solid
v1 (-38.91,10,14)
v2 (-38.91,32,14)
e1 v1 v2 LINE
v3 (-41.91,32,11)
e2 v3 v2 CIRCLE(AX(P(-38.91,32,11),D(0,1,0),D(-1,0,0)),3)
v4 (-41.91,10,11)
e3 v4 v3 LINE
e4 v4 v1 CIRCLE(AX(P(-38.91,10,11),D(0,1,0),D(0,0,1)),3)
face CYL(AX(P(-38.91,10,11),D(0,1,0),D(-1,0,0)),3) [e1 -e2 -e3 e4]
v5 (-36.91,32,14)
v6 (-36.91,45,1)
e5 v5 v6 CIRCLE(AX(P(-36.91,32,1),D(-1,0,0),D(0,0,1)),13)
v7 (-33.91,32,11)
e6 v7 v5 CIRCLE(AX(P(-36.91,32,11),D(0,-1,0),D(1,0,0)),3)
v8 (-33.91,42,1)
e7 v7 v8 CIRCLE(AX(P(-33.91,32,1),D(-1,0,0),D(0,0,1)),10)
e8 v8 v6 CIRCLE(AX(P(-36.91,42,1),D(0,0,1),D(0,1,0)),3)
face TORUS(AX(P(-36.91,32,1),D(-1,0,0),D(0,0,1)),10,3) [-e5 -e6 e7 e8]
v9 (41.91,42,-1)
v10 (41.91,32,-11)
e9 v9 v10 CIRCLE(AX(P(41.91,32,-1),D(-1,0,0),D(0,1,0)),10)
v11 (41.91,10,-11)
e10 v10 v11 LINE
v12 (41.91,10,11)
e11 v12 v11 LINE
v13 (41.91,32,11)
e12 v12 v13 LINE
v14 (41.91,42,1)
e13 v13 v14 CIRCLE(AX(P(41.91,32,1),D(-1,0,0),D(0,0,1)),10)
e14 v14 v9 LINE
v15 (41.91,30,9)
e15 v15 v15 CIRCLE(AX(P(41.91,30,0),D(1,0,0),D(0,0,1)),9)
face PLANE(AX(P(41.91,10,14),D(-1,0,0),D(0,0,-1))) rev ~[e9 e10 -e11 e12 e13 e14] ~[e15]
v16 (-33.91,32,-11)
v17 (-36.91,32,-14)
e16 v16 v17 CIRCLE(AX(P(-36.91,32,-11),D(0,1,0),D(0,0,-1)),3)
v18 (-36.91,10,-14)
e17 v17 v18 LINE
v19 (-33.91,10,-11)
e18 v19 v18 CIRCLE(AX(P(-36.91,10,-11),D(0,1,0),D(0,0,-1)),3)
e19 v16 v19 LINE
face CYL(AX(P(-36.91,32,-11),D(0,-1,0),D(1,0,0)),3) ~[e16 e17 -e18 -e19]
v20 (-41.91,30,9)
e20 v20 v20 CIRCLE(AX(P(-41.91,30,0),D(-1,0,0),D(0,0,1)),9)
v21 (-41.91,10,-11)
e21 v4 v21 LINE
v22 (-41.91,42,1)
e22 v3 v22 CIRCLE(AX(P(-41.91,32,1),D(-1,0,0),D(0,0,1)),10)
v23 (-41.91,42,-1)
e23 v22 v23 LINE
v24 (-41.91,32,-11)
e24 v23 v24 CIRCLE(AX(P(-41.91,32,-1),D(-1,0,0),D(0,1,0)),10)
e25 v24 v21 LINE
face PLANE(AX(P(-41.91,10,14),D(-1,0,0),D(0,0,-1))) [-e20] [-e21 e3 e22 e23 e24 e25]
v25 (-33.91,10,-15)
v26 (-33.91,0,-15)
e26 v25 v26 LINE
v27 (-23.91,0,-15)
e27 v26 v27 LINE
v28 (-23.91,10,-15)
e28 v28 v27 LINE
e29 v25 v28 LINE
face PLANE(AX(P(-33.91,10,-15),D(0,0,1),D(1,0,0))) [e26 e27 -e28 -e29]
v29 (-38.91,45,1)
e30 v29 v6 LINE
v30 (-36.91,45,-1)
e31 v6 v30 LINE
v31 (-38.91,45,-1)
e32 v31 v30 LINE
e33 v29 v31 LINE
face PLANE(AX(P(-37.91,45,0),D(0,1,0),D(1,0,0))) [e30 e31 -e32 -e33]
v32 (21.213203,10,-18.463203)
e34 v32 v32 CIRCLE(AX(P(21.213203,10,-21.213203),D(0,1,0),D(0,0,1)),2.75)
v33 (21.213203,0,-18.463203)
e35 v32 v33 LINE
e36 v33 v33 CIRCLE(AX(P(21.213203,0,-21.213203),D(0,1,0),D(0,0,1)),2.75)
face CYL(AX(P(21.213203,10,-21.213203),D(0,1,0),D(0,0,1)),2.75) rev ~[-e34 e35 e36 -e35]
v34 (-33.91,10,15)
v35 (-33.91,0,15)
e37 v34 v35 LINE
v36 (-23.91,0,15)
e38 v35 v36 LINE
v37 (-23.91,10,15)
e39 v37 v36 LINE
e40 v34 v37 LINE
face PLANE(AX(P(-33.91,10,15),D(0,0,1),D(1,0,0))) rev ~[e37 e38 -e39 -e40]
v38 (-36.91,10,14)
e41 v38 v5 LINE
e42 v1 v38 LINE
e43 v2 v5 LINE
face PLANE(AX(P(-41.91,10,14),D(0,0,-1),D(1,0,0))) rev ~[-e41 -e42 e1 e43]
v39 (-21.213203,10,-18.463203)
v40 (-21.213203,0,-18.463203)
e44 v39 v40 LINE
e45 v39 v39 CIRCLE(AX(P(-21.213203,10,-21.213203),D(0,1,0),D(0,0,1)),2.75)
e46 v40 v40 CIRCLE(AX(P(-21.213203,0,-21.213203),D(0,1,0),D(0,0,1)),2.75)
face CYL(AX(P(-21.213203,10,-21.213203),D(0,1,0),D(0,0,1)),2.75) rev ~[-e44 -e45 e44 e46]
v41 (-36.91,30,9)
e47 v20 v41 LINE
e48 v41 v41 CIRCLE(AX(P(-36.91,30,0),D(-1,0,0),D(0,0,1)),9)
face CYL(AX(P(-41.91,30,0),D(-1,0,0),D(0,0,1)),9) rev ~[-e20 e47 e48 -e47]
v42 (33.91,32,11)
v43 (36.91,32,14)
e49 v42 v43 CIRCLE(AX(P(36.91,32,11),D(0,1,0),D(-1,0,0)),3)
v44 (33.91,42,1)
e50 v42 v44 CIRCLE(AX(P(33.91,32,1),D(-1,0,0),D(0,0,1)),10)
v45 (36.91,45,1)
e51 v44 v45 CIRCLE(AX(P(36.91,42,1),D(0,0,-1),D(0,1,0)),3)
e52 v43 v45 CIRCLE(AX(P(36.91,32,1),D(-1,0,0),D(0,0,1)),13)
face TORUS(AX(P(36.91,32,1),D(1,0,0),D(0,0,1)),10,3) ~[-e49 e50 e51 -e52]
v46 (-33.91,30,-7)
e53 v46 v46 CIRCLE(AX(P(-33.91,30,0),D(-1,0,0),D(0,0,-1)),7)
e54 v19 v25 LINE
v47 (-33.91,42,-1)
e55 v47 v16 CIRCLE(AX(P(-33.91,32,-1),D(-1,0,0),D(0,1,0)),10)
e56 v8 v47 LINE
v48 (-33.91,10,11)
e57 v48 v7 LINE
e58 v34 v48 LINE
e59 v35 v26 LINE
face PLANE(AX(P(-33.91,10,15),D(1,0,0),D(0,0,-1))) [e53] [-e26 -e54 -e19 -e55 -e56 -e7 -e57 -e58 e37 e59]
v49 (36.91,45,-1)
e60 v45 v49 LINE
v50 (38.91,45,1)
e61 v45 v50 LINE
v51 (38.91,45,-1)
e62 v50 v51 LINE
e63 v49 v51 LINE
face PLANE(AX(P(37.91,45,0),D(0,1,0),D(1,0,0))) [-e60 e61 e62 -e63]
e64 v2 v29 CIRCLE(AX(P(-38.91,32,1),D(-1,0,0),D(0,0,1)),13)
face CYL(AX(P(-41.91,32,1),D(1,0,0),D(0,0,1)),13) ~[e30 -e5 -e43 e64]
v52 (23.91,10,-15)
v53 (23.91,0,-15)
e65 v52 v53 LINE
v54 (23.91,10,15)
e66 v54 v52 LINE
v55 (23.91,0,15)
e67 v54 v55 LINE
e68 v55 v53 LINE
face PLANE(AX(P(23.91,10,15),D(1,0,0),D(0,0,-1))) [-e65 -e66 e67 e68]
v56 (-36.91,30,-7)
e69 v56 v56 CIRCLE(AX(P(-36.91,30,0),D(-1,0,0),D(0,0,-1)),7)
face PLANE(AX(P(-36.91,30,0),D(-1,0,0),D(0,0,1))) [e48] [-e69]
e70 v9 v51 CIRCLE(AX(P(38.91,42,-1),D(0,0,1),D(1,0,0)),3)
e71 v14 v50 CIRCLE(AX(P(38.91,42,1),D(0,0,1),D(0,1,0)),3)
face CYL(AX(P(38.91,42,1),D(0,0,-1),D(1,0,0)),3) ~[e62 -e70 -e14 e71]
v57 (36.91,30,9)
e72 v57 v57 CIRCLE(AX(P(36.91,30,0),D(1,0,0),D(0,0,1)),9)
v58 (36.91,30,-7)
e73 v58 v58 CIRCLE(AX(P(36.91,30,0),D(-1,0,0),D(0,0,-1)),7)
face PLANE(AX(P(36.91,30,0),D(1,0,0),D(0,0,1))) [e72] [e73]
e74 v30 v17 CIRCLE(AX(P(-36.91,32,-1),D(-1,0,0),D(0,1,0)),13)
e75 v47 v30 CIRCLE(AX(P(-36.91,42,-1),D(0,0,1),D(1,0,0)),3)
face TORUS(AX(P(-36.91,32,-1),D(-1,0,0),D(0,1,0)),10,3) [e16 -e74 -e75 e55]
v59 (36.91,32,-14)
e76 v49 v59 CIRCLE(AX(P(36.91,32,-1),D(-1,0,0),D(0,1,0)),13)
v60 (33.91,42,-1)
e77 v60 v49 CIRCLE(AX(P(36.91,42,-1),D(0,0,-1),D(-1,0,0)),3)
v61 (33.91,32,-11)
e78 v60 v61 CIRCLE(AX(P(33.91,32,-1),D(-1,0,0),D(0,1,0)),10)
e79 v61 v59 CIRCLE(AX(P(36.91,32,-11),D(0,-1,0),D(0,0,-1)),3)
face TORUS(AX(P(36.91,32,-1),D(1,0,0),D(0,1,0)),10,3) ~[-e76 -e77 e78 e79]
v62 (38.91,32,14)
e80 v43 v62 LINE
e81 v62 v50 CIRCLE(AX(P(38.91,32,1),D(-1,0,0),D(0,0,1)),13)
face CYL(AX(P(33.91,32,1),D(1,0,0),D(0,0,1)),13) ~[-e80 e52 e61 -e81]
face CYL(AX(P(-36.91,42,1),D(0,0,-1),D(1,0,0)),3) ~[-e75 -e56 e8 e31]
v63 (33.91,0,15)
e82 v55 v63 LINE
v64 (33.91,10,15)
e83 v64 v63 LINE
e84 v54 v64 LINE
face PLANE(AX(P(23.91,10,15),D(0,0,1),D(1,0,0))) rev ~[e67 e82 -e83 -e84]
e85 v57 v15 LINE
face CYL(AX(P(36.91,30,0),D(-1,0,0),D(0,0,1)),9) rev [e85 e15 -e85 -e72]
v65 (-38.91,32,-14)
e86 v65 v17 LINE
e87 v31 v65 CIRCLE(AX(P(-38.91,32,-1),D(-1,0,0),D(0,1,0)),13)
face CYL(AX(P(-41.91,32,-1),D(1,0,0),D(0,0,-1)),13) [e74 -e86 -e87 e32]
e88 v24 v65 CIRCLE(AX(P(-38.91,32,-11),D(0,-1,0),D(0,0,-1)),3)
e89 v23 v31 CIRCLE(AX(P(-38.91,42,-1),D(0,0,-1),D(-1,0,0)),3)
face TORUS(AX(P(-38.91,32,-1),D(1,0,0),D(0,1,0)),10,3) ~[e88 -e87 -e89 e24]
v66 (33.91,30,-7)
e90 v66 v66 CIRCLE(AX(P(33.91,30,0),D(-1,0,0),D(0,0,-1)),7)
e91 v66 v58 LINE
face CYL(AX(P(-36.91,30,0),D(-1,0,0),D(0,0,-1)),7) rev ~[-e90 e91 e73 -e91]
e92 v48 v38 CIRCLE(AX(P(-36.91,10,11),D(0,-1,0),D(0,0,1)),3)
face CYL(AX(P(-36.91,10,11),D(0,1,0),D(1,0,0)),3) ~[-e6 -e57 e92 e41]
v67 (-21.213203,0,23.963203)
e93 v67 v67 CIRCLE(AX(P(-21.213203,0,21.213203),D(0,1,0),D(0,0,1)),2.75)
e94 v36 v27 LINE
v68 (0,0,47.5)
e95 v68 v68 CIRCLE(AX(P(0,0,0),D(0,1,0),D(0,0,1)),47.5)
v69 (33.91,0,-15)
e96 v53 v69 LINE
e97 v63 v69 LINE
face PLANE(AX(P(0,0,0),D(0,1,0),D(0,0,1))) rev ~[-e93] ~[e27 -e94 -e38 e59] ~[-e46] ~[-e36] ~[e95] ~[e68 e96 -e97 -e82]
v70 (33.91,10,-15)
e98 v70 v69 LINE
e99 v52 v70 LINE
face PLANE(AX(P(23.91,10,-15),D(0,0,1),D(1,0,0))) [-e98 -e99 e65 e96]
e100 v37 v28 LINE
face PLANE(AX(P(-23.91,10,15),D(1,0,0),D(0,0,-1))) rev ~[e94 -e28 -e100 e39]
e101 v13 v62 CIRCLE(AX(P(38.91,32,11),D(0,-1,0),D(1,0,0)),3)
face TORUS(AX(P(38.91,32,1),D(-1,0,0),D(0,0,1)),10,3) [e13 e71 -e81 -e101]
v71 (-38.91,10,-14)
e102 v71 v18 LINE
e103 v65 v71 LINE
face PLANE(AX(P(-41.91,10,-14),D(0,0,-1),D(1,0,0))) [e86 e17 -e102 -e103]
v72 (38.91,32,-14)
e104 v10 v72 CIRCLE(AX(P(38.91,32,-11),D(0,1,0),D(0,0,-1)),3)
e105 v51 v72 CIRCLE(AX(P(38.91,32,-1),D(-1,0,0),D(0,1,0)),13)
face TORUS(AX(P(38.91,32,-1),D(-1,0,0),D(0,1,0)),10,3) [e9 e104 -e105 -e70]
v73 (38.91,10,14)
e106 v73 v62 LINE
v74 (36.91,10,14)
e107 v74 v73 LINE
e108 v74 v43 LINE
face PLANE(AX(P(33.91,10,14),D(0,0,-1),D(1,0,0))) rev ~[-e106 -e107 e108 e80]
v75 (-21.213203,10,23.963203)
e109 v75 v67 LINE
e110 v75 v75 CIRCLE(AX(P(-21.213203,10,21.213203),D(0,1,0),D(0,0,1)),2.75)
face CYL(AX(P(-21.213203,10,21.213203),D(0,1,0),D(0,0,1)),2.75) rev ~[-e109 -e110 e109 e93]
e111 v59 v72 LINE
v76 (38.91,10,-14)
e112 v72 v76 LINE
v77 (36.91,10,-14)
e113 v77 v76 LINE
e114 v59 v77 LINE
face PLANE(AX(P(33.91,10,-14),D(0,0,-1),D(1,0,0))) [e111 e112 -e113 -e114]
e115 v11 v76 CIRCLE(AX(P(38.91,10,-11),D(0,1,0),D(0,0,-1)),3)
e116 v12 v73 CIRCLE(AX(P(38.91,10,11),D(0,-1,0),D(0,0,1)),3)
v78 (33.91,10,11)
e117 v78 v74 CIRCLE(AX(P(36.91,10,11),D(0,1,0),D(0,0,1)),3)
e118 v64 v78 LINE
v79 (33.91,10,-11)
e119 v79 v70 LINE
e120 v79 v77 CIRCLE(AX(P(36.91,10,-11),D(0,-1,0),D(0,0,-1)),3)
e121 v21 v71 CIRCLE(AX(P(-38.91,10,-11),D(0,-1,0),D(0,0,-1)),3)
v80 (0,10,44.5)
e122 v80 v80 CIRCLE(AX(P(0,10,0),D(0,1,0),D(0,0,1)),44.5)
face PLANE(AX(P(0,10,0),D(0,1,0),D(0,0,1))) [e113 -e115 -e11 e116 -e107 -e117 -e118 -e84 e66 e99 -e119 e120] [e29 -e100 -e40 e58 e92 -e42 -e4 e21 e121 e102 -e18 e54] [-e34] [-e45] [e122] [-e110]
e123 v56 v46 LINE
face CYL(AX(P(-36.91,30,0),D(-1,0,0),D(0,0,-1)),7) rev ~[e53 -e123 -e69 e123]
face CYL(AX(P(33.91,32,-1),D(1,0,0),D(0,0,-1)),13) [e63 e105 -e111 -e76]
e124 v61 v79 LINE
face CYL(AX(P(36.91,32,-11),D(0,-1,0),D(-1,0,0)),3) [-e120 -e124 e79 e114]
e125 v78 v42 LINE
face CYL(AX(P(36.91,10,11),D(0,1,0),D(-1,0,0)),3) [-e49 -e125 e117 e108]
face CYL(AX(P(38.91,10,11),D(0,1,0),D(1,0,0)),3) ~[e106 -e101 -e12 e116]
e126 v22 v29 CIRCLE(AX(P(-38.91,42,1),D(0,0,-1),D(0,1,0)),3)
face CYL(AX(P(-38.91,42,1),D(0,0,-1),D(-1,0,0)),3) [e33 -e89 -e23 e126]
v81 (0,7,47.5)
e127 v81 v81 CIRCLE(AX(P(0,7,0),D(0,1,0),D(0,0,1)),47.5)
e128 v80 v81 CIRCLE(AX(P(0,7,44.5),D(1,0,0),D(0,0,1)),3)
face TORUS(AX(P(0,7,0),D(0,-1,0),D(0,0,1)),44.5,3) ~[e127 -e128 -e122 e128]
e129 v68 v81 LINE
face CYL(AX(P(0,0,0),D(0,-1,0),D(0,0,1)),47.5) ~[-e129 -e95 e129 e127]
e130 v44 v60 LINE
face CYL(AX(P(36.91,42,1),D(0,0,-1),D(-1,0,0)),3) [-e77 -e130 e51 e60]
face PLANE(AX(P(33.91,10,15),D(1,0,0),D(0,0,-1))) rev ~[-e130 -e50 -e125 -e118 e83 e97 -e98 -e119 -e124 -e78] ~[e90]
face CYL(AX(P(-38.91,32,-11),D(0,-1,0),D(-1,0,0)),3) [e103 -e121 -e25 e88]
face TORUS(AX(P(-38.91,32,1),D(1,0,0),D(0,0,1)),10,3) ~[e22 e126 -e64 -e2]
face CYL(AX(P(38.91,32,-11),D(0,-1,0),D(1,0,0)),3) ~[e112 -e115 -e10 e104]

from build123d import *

# Parameters (mm, degrees)
SKETCH1_R           = 47.5
BOSS_EXTRUDE1_DEPTH = 10
SKETCH2_W           = 8
SKETCH2_H           = 28
BOSS_EXTRUDE2_DEPTH = 35
SKETCH3_R           = 2.75
CUT_EXTRUDE1_DEPTH  = 70
SKETCH4_R           = 9
CUT_EXTRUDE2_DEPTH  = 5
CUT_EXTRUDE3_START  = -5
SKETCH5_R           = 9
CUT_EXTRUDE3_DEPTH  = 5
SKETCH6_R           = 7
CUT_EXTRUDE4_DEPTH  = 107.800272003
FILLET1_R           = 13
FILLET2_R           = 3
FILLET3_R           = 3
SKETCH7_W           = 10
SKETCH7_H           = 30
CUT_EXTRUDE5_DEPTH  = 76.7462871


with BuildPart() as part:
    # Sketch1 → Boss-Extrude1 (new body)
    with BuildSketch(Plane(origin=(0, 0, 0), x_dir=(1, 0, 0), z_dir=(0, 1, 0))):
        with Locations(Location((0, 0, 0), (0, 0, 270))):
            Circle(SKETCH1_R)
    extrude(amount=BOSS_EXTRUDE1_DEPTH)

    # Sketch2 → Boss-Extrude2 (add)
    with BuildSketch(Plane(origin=(0, 10, 0), x_dir=(1, 0, 0), z_dir=(0, 1, 0))):
        with Locations((-37.91, 0)):
            Rectangle(SKETCH2_W, SKETCH2_H)
        with Locations((37.91, 0)):
            Rectangle(SKETCH2_W, SKETCH2_H)
    extrude(amount=BOSS_EXTRUDE2_DEPTH)

    # Sketch3 → Cut-Extrude1 (cut)
    with BuildSketch(Plane(origin=(0, 10, 0), x_dir=(1, 0, 0), z_dir=(0, 1, 0))):
        with Locations(Location((-21.213203436, 21.213203436, 0), (0, 0, 270))):
            Circle(SKETCH3_R)
        with Locations(Location((21.213203436, 21.213203436, 0), (0, 0, 270))):
            Circle(SKETCH3_R)
        with Locations(Location((-21.213203436, -21.213203436, 0), (0, 0, 270))):
            Circle(SKETCH3_R)
    extrude(amount=-CUT_EXTRUDE1_DEPTH, mode=Mode.SUBTRACT)

    # Sketch4 → Cut-Extrude2 (cut)
    with BuildSketch(Plane.ZY.offset(41.91)):
        with Locations((0, 30)):
            Circle(SKETCH4_R)
    extrude(amount=-CUT_EXTRUDE2_DEPTH, mode=Mode.SUBTRACT)

    # Sketch5 → Cut-Extrude3 (cut)
    with BuildSketch(Plane(origin=(41.91, 0, 0), x_dir=(0, 0, -1), z_dir=(1, 0, 0)).offset(CUT_EXTRUDE3_START)):
        with Locations(Location((0, 30, 0), (0, 0, 180))):
            Circle(SKETCH5_R)
    extrude(amount=CUT_EXTRUDE3_DEPTH, mode=Mode.SUBTRACT)

    # Sketch6 → Cut-Extrude4 (cut, through all)
    with BuildSketch(Plane.ZY.offset(36.91)):
        with Locations(Location((0, 30, 0), (0, 0, 180))):
            Circle(SKETCH6_R)
    extrude(amount=-CUT_EXTRUDE4_DEPTH, mode=Mode.SUBTRACT)

    # Fillet1
    fillet1_edges = [part.edges().sort_by_distance(p)[0] for p in [
        (-37.91, 45, -14),
        (37.91, 45, -14),
        (37.91, 45, 14),
        (-37.91, 45, 14),
    ]]
    fillet(fillet1_edges, radius=FILLET1_R)

    # Fillet2
    fillet2_edges = [part.edges().sort_by_distance(p)[0] for p in [
        (33.91, 45, 0),
        (41.91, 45, 0),
        (41.91, 21, -14),
        (41.91, 21, 14),
        (41.91, 41.192388155, -10.192388155),
        (41.91, 41.192388155, 10.192388155),
        (33.91, 21, 14),
        (33.91, 21, -14),
        (33.91, 41.192388155, -10.192388155),
        (33.91, 41.192388155, 10.192388155),
        (-41.91, 45, 0),
        (-33.91, 45, 0),
        (-41.91, 21, 14),
        (-41.91, 21, -14),
        (-41.91, 41.192388155, 10.192388155),
        (-41.91, 41.192388155, -10.192388155),
        (-33.91, 21, -14),
        (-33.91, 21, 14),
        (-33.91, 41.192388155, 10.192388155),
        (-33.91, 41.192388155, -10.192388155),
    ]]
    fillet(fillet2_edges, radius=FILLET2_R)

    # Fillet3
    fillet3_edges = [part.edges().sort_by_distance(p)[0] for p in [
        (0, 10, -47.5),
    ]]
    fillet(fillet3_edges, radius=FILLET3_R)

    # Sketch7 → Cut-Extrude5 (cut, through all)
    with BuildSketch(Plane(origin=(0, 10, 0), x_dir=(1, 0, 0), z_dir=(0, 1, 0))):
        with Locations((-28.91, 0)):
            Rectangle(SKETCH7_W, SKETCH7_H)
        with Locations((28.91, 0)):
            Rectangle(SKETCH7_W, SKETCH7_H)
    extrude(amount=-CUT_EXTRUDE5_DEPTH, mode=Mode.SUBTRACT)


solid = part.part
